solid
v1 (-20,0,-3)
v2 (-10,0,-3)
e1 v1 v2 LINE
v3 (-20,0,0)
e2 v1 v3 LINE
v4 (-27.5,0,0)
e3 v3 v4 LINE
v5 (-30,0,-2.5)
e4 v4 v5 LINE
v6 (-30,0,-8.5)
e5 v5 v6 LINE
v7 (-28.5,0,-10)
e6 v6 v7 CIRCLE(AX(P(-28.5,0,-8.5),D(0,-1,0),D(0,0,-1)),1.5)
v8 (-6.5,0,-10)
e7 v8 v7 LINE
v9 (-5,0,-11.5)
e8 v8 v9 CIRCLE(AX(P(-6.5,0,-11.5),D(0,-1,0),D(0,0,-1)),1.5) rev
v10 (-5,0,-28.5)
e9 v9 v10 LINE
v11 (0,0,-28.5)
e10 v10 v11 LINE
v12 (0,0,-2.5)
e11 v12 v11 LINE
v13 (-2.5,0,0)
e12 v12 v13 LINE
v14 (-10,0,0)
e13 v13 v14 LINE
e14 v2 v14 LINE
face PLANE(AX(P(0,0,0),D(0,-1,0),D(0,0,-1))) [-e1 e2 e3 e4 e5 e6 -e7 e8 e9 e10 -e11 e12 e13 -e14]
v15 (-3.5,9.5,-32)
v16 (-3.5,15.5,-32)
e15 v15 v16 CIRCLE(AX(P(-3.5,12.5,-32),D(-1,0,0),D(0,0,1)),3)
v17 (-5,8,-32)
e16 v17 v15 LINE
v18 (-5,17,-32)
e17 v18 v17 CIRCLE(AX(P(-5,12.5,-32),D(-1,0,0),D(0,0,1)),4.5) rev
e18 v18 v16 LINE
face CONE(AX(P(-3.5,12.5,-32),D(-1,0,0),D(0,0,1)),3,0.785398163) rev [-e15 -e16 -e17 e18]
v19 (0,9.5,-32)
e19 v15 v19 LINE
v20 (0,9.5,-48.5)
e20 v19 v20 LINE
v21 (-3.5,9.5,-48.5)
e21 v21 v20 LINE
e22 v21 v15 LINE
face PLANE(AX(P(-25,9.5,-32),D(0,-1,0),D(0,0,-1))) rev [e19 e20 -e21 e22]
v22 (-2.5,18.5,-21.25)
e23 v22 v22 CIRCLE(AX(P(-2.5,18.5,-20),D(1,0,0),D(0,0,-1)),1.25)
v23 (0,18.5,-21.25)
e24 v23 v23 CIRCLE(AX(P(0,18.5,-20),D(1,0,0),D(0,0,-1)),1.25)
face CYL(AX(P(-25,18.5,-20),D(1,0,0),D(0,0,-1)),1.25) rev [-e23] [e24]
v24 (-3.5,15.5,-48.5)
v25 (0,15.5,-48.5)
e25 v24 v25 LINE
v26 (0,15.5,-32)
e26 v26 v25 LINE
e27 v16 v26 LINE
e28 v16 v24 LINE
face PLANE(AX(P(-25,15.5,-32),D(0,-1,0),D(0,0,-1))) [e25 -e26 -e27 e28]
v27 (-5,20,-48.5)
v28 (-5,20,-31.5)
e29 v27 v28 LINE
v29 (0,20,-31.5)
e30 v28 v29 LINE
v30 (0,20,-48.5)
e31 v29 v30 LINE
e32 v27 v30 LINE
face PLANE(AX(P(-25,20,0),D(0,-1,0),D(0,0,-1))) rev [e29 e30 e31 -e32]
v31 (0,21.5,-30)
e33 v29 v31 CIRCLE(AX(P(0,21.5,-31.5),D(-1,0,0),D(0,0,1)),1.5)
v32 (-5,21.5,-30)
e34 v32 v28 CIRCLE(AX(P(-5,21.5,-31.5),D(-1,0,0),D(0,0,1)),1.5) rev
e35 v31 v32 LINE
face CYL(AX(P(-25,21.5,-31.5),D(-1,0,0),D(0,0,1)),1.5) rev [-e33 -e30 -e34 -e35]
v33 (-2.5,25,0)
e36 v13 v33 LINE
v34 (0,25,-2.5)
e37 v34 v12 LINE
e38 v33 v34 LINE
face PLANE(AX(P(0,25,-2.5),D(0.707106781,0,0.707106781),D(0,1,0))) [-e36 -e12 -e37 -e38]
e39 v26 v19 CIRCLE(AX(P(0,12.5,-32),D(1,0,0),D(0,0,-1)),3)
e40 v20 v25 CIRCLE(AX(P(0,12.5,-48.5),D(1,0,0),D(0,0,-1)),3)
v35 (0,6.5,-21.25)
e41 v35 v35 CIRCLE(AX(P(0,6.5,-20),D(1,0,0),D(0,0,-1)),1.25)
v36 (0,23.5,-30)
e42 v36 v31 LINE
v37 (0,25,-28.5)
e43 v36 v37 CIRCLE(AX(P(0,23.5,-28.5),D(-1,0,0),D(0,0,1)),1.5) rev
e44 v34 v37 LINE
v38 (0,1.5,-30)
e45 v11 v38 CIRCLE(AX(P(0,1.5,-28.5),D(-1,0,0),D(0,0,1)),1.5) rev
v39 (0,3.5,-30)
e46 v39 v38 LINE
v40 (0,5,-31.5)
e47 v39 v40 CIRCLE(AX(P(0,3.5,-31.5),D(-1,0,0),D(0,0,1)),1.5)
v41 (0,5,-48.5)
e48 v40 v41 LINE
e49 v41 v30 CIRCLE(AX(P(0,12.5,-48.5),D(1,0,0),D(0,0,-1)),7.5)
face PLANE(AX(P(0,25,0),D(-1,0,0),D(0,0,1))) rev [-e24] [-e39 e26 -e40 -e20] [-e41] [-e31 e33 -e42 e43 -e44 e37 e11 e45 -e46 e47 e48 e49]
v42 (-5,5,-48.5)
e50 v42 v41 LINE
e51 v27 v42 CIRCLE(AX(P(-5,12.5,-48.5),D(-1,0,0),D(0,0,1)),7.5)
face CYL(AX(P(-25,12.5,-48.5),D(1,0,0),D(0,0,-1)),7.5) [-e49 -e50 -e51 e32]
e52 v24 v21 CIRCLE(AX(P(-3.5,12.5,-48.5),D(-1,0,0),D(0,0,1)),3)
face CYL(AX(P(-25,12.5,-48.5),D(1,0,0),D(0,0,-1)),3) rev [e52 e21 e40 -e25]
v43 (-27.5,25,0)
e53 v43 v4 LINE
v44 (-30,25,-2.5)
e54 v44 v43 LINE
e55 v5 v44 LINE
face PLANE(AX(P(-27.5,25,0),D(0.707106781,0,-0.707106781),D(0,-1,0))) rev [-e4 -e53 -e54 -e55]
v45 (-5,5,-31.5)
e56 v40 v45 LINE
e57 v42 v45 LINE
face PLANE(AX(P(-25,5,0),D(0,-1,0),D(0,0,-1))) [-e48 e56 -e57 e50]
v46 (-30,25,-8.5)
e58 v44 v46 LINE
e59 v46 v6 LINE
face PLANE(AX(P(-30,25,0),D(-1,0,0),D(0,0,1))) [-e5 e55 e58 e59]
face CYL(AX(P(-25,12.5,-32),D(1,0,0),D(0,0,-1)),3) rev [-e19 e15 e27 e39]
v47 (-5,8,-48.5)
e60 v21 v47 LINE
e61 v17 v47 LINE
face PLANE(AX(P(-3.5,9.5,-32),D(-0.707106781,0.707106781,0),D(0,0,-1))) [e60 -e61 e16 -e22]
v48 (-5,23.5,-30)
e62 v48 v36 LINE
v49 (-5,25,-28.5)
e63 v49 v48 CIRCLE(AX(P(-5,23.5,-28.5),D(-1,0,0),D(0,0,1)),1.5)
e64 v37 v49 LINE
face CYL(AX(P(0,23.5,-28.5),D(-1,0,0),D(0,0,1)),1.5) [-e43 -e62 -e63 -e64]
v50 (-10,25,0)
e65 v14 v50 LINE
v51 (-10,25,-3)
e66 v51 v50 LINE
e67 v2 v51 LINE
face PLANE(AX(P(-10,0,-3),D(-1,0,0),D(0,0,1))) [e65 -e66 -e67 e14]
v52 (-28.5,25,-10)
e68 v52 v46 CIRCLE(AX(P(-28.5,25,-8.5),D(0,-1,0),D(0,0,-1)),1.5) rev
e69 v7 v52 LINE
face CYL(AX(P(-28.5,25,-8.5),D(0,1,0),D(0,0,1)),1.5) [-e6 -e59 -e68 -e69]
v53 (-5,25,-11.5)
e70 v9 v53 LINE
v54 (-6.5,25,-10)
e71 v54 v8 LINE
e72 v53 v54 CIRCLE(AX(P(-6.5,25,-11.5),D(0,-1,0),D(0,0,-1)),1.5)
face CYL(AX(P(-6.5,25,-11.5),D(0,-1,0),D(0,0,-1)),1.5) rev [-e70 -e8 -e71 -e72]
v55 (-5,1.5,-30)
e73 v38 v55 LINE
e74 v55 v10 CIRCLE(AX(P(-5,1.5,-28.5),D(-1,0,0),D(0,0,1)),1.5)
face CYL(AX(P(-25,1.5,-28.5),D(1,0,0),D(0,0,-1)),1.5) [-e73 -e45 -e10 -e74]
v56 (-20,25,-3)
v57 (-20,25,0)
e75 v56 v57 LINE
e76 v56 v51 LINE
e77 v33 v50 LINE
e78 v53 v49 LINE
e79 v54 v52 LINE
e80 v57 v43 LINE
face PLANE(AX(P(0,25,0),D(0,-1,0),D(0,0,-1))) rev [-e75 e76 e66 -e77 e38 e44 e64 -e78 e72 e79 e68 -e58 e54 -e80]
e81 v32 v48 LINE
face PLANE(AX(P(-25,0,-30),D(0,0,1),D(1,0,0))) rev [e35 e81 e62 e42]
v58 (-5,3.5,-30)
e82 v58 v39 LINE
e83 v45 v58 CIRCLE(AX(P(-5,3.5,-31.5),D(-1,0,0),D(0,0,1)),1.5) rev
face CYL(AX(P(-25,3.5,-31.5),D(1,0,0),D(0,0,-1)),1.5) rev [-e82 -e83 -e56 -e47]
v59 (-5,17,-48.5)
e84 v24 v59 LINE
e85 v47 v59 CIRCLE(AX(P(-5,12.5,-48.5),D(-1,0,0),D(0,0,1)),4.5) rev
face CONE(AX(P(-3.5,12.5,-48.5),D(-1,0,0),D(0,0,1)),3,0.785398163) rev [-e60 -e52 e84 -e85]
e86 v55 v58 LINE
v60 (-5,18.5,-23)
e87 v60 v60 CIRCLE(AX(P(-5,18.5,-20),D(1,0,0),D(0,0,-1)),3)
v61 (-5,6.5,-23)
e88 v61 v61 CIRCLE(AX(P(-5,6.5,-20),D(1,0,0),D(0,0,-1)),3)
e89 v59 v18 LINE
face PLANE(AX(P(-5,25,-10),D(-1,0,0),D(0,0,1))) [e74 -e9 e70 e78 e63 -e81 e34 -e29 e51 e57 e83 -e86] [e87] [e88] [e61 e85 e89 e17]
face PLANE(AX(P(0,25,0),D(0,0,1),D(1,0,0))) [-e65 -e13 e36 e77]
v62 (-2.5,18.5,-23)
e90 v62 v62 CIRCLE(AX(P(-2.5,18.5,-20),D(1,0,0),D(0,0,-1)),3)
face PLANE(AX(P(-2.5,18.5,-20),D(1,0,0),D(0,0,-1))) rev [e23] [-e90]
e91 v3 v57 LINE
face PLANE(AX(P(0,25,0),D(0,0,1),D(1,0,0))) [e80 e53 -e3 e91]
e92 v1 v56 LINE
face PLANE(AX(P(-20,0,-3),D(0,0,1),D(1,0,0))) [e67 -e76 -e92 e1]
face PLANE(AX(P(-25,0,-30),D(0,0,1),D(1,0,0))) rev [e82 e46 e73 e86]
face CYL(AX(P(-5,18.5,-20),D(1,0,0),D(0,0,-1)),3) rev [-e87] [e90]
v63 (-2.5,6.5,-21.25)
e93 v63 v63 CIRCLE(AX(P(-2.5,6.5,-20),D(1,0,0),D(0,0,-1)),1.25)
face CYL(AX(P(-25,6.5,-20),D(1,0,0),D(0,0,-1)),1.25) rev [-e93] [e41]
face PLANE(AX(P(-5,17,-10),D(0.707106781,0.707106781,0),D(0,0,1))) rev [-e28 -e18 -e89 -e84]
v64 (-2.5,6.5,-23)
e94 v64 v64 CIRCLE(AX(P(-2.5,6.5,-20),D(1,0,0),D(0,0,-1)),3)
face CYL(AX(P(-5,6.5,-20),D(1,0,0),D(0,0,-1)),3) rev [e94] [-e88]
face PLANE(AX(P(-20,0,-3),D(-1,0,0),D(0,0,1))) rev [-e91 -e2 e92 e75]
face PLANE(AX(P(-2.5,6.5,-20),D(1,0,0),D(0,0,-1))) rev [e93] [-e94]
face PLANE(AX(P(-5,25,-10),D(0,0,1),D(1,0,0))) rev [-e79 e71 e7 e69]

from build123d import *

# Parameters (mm, degrees)
BOSS_EXTRUDE1_DEPTH = 25
CUT_EXTRUDE1_DEPTH  = 25
CUT_EXTRUDE2_DEPTH  = 25
FILLET1_R           = 1.5
SKETCH5_R           = 1.25
CUT_EXTRUDE4_DEPTH  = 25
CUT_EXTRUDE5_START  = -2.5
SKETCH5_4_R         = 3
SKETCH5_4_R_2       = 1.25
CUT_EXTRUDE5_DEPTH  = 2.5
SKETCH7_W           = 10
SKETCH7_H           = 3
CUT_EXTRUDE6_DEPTH  = 69.271516755
CHAMFER1_SIZE       = 2.5
FILLET2_R           = 1.5
CHAMFER2_SIZE       = 1.5


with BuildPart() as part:
    # Sketch1 → Boss-Extrude1 (new body)
    with BuildSketch(Plane(origin=(0, 0, 0), x_dir=(1, 0, 0), z_dir=(0, 1, 0))):
        Polygon((0, 0), (-30, 0), (-30, 10), (-5, 10), (-5, 56), (0, 56), align=None)
    extrude(amount=BOSS_EXTRUDE1_DEPTH)

    # Sketch2 → Cut-Extrude1 (cut)
    with BuildSketch(Plane(origin=(0, 0, 0), x_dir=(0, 0, -1), z_dir=(1, 0, 0))):
        with BuildLine():
            Line((56, 25), (30, 25))
            Line((30, 25), (30, 20))
            Line((30, 20), (48.5, 20))
            ThreePointArc((48.5, 20), (53.803300859, 17.803300859), (56, 12.5))
            Line((56, 12.5), (56, 25))
        make_face()
        with BuildLine():
            ThreePointArc((56, 12.5), (53.803300859, 7.196699141), (48.5, 5))
            Line((48.5, 5), (30, 5))
            Line((30, 5), (30, 0))
            Line((30, 0), (56, 0))
            Line((56, 0), (56, 12.5))
        make_face()
    extrude(amount=-CUT_EXTRUDE1_DEPTH, mode=Mode.SUBTRACT)

    # Sketch3 → Cut-Extrude2 (cut)
    with BuildSketch(Plane(origin=(0, 0, 0), x_dir=(0, 0, -1), z_dir=(1, 0, 0))):
        with BuildLine():
            Line((32, 15.5), (48.5, 15.5))
            ThreePointArc((48.5, 15.5), (51.5, 12.5), (48.5, 9.5))
            Line((48.5, 9.5), (32, 9.5))
            ThreePointArc((32, 9.5), (29, 12.5), (32, 15.5))
        make_face()
    extrude(amount=-CUT_EXTRUDE2_DEPTH, mode=Mode.SUBTRACT)

    # Fillet1
    fillet1_edges = [part.edges().sort_by_distance(p)[0] for p in [
        (-2.5, 20, -30),
        (-2.5, 5, -30),
        (-2.5, 0, -30),
        (-2.5, 25, -30),
    ]]
    fillet(fillet1_edges, radius=FILLET1_R)

    # Sketch5 → Cut-Extrude4 (cut)
    with BuildSketch(Plane(origin=(0, 0, 0), x_dir=(0, 0, -1), z_dir=(1, 0, 0))):
        with Locations((20, 18.5)):
            Circle(SKETCH5_R)
        with Locations((20, 6.5)):
            Circle(SKETCH5_R)
    extrude(amount=-CUT_EXTRUDE4_DEPTH, mode=Mode.SUBTRACT)

    # Sketch5<4> → Cut-Extrude5 (cut)
    # profile 1 of 2: a face of its own
    with BuildSketch(Plane(origin=(0, 0, 0), x_dir=(0, 0, -1), z_dir=(1, 0, 0)).offset(CUT_EXTRUDE5_START)):
        with Locations((20, 18.5)):
            Circle(SKETCH5_4_R)
        with Locations((20, 18.5)):
            Circle(SKETCH5_4_R_2, mode=Mode.SUBTRACT)
    # profile 2 of 2: a face of its own
    with BuildSketch(Plane(origin=(0, 0, 0), x_dir=(0, 0, -1), z_dir=(1, 0, 0)).offset(CUT_EXTRUDE5_START)):
        with Locations((20, 6.5)):
            Circle(SKETCH5_4_R)
        with Locations((20, 6.5)):
            Circle(SKETCH5_4_R_2, mode=Mode.SUBTRACT)
    extrude(amount=-CUT_EXTRUDE5_DEPTH, mode=Mode.SUBTRACT)

    # Sketch7 → Cut-Extrude6 (cut, through all)
    with BuildSketch(Plane(origin=(0, 25, 0), x_dir=(1, 0, 0), z_dir=(0, 1, 0))):
        with Locations((-15, 1.5)):
            Rectangle(SKETCH7_W, SKETCH7_H)
    extrude(amount=-CUT_EXTRUDE6_DEPTH, mode=Mode.SUBTRACT)

    # Chamfer1
    chamfer1_edges = [part.edges().sort_by_distance(p)[0] for p in [
        (0, 12.5, 0),
        (-30, 12.5, 0),
    ]]
    chamfer(chamfer1_edges, length=CHAMFER1_SIZE)

    # Fillet2
    fillet2_edges = [part.edges().sort_by_distance(p)[0] for p in [
        (-30, 12.5, -10),
        (-5, 12.5, -10),
    ]]
    fillet(fillet2_edges, radius=FILLET2_R)

    # Chamfer2
    chamfer2_edges = [part.edges().sort_by_distance(p)[0] for p in [
        (-5, 9.5, -40.25),
        (-5, 12.5, -51.5),
        (-5, 12.5, -29),
        (-5, 15.5, -40.25),
    ]]
    chamfer(chamfer2_edges, length=CHAMFER2_SIZE)


solid = part.part
